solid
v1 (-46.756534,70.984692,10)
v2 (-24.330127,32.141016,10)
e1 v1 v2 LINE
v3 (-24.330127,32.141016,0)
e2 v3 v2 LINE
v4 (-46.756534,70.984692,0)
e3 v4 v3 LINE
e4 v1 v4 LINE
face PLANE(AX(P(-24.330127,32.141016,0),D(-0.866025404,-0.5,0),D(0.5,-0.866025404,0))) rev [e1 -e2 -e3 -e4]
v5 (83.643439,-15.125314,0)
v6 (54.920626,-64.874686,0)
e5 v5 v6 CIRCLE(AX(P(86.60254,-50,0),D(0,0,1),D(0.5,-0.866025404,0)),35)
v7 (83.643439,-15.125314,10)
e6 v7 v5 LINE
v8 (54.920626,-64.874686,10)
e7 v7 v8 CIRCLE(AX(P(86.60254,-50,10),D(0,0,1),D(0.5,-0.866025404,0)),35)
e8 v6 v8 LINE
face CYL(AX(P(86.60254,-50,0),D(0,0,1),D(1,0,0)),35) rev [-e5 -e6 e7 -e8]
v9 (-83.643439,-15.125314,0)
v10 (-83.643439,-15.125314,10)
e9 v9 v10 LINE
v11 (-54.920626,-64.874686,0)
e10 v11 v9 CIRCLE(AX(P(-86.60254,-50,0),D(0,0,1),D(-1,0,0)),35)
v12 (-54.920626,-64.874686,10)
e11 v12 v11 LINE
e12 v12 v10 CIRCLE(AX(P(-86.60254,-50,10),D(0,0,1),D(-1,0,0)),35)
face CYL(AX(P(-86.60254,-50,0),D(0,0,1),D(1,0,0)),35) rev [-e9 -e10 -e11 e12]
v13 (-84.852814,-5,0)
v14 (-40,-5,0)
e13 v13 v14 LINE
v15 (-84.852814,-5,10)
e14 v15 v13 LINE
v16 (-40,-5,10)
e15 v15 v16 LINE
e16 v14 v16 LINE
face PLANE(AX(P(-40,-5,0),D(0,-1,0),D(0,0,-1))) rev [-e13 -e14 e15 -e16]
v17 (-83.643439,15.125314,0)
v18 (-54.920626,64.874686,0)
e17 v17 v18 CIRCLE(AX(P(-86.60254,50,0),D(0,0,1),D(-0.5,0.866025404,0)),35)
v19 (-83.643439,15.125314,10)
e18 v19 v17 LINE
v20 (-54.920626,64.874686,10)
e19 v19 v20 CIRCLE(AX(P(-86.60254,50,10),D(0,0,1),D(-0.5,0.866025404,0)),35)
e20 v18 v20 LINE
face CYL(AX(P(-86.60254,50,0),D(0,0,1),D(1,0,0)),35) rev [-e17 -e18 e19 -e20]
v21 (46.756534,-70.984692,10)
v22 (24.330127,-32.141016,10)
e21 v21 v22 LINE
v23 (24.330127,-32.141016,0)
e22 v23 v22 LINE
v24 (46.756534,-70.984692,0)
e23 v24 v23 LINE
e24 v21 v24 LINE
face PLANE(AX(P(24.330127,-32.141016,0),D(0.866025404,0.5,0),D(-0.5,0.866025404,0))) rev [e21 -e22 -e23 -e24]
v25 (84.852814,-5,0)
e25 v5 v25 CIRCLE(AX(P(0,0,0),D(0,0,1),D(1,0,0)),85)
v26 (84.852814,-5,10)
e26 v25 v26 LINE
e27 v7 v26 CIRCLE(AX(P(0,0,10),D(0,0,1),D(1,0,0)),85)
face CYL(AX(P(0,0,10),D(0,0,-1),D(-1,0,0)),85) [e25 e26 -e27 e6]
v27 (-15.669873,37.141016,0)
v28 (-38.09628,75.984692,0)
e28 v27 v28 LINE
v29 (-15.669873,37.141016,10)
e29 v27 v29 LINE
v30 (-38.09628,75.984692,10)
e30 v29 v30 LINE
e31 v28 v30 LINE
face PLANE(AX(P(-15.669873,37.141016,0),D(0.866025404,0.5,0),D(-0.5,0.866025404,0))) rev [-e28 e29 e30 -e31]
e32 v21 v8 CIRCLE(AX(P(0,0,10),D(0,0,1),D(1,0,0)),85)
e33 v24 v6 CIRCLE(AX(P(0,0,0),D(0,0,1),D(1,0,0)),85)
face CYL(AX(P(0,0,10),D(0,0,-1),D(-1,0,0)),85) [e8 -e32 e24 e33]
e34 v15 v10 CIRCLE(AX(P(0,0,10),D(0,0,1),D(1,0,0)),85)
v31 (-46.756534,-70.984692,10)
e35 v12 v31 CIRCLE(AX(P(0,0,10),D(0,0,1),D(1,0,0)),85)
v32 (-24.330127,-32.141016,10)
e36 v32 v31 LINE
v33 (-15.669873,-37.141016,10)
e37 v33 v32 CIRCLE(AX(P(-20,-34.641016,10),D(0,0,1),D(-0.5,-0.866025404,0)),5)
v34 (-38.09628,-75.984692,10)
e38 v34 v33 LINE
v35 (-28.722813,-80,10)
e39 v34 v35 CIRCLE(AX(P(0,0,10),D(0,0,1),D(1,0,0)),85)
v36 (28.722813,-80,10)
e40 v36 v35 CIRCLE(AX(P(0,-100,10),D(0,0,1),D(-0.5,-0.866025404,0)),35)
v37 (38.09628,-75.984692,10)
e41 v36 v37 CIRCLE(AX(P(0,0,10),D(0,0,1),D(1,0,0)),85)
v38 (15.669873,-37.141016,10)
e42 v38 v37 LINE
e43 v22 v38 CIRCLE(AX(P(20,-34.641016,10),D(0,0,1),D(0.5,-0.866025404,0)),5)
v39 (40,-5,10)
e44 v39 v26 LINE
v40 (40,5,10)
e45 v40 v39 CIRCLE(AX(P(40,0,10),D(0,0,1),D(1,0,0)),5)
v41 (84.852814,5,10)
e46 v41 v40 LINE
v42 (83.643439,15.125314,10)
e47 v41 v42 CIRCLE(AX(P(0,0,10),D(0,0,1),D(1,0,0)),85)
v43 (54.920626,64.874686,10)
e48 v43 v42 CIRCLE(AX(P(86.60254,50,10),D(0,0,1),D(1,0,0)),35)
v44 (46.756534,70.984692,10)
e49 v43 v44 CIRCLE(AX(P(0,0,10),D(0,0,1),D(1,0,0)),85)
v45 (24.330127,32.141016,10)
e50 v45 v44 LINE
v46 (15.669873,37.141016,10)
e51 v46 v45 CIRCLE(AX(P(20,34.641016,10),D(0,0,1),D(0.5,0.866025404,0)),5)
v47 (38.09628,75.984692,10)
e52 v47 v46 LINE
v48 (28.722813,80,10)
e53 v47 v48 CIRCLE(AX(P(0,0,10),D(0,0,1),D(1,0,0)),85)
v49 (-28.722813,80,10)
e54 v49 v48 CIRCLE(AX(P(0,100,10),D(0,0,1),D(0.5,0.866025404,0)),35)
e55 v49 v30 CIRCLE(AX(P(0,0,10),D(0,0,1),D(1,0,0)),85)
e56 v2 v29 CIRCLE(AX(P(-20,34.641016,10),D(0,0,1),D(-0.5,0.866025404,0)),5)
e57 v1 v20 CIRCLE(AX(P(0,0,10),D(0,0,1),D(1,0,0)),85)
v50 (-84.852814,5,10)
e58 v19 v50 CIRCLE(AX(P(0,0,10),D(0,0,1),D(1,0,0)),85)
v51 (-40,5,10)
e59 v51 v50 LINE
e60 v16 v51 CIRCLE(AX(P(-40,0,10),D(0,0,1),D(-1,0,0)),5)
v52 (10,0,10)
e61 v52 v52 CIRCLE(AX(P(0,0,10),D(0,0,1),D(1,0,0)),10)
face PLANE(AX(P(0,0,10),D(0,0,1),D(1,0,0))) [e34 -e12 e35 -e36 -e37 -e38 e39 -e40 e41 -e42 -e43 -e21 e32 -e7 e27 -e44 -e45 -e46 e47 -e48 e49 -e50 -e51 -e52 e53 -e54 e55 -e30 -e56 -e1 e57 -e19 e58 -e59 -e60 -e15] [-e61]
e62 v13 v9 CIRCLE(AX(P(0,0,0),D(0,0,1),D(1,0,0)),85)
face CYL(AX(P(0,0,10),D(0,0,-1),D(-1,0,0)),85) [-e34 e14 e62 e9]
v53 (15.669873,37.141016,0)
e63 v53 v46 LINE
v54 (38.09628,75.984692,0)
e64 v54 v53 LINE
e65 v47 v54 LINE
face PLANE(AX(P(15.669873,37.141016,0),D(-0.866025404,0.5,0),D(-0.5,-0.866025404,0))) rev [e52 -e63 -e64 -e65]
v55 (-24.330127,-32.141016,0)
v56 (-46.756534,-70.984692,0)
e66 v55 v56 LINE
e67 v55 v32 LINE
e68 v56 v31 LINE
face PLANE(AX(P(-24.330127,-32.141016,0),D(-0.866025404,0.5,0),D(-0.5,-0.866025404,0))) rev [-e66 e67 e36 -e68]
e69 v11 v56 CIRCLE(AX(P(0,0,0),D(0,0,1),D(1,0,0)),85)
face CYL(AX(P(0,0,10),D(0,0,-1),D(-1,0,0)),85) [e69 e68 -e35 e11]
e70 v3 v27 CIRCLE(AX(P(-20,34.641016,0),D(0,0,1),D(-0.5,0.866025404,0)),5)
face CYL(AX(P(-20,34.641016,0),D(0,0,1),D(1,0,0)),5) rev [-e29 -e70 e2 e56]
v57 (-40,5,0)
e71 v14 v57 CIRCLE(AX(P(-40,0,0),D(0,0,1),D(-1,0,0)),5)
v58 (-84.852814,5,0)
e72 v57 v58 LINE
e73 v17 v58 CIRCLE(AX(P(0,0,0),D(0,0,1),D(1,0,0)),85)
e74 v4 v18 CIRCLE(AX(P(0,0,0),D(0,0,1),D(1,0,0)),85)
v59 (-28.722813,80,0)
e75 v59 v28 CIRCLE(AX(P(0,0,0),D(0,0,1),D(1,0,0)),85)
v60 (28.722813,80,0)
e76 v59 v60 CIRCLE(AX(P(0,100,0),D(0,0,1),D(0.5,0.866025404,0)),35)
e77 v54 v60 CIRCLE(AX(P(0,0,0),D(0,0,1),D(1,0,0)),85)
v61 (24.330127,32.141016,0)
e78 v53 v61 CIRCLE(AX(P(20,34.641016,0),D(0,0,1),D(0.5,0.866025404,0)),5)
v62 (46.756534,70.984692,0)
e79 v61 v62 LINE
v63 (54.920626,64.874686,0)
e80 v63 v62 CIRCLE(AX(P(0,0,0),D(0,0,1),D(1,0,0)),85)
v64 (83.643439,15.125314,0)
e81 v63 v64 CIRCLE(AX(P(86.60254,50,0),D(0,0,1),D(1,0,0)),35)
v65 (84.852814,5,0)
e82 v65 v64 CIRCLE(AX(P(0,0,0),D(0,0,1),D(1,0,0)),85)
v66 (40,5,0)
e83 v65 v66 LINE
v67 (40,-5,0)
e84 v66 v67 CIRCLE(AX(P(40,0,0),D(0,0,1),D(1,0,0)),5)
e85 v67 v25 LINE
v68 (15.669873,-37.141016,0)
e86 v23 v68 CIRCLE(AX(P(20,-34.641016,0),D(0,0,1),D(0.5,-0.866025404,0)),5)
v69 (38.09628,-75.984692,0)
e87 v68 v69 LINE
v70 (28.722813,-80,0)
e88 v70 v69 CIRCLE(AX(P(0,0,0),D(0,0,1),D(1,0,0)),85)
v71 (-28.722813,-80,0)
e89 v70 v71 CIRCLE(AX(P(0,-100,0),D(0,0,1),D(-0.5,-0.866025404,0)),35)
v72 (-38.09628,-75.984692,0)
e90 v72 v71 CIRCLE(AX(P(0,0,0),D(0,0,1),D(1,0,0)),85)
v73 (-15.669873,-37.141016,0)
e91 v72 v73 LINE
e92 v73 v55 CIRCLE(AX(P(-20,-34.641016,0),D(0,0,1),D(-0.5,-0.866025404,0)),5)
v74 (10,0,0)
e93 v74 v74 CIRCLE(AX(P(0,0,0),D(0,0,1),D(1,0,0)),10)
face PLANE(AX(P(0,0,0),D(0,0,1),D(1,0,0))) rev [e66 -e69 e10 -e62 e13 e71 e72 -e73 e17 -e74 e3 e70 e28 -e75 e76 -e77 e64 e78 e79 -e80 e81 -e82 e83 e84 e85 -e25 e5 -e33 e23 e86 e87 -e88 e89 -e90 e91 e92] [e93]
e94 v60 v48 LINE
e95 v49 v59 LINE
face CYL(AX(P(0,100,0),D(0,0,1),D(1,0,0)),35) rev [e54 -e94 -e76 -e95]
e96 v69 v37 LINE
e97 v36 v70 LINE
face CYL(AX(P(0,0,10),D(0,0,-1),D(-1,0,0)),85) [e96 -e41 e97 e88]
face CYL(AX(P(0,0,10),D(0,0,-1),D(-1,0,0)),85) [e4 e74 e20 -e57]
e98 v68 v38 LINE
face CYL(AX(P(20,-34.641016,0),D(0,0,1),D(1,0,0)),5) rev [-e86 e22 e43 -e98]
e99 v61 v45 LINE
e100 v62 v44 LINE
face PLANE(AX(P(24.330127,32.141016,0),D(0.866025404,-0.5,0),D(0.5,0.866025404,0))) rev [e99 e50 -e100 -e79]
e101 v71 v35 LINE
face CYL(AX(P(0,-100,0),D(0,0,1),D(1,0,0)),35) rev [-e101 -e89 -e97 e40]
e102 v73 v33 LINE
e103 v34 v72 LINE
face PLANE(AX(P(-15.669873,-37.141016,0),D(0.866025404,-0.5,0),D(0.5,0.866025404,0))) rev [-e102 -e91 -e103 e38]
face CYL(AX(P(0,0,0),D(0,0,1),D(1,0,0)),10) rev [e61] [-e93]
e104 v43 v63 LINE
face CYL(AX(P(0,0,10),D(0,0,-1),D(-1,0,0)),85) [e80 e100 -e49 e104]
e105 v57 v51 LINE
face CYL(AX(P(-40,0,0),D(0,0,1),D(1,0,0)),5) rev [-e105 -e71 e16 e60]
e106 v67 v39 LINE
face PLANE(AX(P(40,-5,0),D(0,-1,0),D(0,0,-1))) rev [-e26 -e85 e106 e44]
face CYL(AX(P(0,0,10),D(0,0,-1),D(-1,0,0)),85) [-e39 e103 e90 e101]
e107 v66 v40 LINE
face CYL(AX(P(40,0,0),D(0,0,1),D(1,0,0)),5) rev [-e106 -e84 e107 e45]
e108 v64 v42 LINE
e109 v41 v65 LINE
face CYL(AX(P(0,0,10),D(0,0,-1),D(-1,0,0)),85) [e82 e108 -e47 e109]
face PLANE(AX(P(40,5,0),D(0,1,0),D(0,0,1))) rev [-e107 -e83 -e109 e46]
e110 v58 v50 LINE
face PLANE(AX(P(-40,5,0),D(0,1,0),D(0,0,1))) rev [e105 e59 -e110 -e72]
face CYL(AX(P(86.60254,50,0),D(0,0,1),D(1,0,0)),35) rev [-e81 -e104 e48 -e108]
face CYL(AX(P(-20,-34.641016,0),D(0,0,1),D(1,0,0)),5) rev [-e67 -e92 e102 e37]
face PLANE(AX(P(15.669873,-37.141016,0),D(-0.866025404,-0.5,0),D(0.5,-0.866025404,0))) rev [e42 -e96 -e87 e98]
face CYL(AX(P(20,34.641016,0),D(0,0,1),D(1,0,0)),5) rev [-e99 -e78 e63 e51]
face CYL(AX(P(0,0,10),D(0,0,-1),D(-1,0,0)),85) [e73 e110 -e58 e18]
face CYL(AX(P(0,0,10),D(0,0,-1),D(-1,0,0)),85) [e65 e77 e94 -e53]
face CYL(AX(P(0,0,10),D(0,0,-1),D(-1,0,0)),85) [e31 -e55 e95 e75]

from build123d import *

# Parameters (mm, degrees)
CROQUIS1_R              = 85
SALIENTE_EXTRUIR3_DEPTH = 10
CROQUIS3_R              = 10
CORTAR_EXTRUIR1_DEPTH   = 10
CORTAR_EXTRUIR2_DEPTH   = 10
MATRIZC1_COUNT          = 6
CROQUIS5_R              = 35
CORTAR_EXTRUIR3_DEPTH   = 10
MATRIZC2_COUNT          = 6


with BuildPart() as part:
    # Croquis1 → Saliente-Extruir3 (new body)
    with BuildSketch(Plane.XY):
        Circle(CROQUIS1_R)
    extrude(amount=SALIENTE_EXTRUIR3_DEPTH)

    # Croquis3 → Cortar-Extruir1 (cut)
    with BuildSketch(Plane.XY.offset(10)):
        Circle(CROQUIS3_R)
    extrude(amount=-CORTAR_EXTRUIR1_DEPTH, mode=Mode.SUBTRACT)

    # Croquis4 → Cortar-Extruir2 (cut)
    with BuildSketch(Plane.XY.offset(10)):
        with BuildLine():
            Line((40, 5), (99.874921777, 5))
            ThreePointArc((99.874921777, 5), (100, 0), (99.874921777, -5))
            Line((99.874921777, -5), (40, -5))
            ThreePointArc((40, -5), (35, 0), (40, 5))
        make_face()
    cortar_extruir2 = extrude(amount=-CORTAR_EXTRUIR2_DEPTH, mode=Mode.SUBTRACT)

    # MatrizC1: Cortar-Extruir2 ×6 about axis
    matrizc1_axis = Axis((0, 0, 0), (0, 0, 1))
    for i in range(1, MATRIZC1_COUNT):
        add(cortar_extruir2.rotate(matrizc1_axis, i * 360 / MATRIZC1_COUNT), mode=Mode.SUBTRACT)

    # Croquis5 → Cortar-Extruir3 (cut)
    with BuildSketch(Plane.XY.offset(10)):
        with Locations((86.602540378, 50)):
            Circle(CROQUIS5_R)
    cortar_extruir3 = extrude(amount=-CORTAR_EXTRUIR3_DEPTH, mode=Mode.SUBTRACT)

    # MatrizC2: Cortar-Extruir3 ×6 about axis
    matrizc2_axis = Axis((0, 0, 0), (0, 0, 1))
    for i in range(1, MATRIZC2_COUNT):
        add(cortar_extruir3.rotate(matrizc2_axis, i * 360 / MATRIZC2_COUNT), mode=Mode.SUBTRACT)


solid = part.part
